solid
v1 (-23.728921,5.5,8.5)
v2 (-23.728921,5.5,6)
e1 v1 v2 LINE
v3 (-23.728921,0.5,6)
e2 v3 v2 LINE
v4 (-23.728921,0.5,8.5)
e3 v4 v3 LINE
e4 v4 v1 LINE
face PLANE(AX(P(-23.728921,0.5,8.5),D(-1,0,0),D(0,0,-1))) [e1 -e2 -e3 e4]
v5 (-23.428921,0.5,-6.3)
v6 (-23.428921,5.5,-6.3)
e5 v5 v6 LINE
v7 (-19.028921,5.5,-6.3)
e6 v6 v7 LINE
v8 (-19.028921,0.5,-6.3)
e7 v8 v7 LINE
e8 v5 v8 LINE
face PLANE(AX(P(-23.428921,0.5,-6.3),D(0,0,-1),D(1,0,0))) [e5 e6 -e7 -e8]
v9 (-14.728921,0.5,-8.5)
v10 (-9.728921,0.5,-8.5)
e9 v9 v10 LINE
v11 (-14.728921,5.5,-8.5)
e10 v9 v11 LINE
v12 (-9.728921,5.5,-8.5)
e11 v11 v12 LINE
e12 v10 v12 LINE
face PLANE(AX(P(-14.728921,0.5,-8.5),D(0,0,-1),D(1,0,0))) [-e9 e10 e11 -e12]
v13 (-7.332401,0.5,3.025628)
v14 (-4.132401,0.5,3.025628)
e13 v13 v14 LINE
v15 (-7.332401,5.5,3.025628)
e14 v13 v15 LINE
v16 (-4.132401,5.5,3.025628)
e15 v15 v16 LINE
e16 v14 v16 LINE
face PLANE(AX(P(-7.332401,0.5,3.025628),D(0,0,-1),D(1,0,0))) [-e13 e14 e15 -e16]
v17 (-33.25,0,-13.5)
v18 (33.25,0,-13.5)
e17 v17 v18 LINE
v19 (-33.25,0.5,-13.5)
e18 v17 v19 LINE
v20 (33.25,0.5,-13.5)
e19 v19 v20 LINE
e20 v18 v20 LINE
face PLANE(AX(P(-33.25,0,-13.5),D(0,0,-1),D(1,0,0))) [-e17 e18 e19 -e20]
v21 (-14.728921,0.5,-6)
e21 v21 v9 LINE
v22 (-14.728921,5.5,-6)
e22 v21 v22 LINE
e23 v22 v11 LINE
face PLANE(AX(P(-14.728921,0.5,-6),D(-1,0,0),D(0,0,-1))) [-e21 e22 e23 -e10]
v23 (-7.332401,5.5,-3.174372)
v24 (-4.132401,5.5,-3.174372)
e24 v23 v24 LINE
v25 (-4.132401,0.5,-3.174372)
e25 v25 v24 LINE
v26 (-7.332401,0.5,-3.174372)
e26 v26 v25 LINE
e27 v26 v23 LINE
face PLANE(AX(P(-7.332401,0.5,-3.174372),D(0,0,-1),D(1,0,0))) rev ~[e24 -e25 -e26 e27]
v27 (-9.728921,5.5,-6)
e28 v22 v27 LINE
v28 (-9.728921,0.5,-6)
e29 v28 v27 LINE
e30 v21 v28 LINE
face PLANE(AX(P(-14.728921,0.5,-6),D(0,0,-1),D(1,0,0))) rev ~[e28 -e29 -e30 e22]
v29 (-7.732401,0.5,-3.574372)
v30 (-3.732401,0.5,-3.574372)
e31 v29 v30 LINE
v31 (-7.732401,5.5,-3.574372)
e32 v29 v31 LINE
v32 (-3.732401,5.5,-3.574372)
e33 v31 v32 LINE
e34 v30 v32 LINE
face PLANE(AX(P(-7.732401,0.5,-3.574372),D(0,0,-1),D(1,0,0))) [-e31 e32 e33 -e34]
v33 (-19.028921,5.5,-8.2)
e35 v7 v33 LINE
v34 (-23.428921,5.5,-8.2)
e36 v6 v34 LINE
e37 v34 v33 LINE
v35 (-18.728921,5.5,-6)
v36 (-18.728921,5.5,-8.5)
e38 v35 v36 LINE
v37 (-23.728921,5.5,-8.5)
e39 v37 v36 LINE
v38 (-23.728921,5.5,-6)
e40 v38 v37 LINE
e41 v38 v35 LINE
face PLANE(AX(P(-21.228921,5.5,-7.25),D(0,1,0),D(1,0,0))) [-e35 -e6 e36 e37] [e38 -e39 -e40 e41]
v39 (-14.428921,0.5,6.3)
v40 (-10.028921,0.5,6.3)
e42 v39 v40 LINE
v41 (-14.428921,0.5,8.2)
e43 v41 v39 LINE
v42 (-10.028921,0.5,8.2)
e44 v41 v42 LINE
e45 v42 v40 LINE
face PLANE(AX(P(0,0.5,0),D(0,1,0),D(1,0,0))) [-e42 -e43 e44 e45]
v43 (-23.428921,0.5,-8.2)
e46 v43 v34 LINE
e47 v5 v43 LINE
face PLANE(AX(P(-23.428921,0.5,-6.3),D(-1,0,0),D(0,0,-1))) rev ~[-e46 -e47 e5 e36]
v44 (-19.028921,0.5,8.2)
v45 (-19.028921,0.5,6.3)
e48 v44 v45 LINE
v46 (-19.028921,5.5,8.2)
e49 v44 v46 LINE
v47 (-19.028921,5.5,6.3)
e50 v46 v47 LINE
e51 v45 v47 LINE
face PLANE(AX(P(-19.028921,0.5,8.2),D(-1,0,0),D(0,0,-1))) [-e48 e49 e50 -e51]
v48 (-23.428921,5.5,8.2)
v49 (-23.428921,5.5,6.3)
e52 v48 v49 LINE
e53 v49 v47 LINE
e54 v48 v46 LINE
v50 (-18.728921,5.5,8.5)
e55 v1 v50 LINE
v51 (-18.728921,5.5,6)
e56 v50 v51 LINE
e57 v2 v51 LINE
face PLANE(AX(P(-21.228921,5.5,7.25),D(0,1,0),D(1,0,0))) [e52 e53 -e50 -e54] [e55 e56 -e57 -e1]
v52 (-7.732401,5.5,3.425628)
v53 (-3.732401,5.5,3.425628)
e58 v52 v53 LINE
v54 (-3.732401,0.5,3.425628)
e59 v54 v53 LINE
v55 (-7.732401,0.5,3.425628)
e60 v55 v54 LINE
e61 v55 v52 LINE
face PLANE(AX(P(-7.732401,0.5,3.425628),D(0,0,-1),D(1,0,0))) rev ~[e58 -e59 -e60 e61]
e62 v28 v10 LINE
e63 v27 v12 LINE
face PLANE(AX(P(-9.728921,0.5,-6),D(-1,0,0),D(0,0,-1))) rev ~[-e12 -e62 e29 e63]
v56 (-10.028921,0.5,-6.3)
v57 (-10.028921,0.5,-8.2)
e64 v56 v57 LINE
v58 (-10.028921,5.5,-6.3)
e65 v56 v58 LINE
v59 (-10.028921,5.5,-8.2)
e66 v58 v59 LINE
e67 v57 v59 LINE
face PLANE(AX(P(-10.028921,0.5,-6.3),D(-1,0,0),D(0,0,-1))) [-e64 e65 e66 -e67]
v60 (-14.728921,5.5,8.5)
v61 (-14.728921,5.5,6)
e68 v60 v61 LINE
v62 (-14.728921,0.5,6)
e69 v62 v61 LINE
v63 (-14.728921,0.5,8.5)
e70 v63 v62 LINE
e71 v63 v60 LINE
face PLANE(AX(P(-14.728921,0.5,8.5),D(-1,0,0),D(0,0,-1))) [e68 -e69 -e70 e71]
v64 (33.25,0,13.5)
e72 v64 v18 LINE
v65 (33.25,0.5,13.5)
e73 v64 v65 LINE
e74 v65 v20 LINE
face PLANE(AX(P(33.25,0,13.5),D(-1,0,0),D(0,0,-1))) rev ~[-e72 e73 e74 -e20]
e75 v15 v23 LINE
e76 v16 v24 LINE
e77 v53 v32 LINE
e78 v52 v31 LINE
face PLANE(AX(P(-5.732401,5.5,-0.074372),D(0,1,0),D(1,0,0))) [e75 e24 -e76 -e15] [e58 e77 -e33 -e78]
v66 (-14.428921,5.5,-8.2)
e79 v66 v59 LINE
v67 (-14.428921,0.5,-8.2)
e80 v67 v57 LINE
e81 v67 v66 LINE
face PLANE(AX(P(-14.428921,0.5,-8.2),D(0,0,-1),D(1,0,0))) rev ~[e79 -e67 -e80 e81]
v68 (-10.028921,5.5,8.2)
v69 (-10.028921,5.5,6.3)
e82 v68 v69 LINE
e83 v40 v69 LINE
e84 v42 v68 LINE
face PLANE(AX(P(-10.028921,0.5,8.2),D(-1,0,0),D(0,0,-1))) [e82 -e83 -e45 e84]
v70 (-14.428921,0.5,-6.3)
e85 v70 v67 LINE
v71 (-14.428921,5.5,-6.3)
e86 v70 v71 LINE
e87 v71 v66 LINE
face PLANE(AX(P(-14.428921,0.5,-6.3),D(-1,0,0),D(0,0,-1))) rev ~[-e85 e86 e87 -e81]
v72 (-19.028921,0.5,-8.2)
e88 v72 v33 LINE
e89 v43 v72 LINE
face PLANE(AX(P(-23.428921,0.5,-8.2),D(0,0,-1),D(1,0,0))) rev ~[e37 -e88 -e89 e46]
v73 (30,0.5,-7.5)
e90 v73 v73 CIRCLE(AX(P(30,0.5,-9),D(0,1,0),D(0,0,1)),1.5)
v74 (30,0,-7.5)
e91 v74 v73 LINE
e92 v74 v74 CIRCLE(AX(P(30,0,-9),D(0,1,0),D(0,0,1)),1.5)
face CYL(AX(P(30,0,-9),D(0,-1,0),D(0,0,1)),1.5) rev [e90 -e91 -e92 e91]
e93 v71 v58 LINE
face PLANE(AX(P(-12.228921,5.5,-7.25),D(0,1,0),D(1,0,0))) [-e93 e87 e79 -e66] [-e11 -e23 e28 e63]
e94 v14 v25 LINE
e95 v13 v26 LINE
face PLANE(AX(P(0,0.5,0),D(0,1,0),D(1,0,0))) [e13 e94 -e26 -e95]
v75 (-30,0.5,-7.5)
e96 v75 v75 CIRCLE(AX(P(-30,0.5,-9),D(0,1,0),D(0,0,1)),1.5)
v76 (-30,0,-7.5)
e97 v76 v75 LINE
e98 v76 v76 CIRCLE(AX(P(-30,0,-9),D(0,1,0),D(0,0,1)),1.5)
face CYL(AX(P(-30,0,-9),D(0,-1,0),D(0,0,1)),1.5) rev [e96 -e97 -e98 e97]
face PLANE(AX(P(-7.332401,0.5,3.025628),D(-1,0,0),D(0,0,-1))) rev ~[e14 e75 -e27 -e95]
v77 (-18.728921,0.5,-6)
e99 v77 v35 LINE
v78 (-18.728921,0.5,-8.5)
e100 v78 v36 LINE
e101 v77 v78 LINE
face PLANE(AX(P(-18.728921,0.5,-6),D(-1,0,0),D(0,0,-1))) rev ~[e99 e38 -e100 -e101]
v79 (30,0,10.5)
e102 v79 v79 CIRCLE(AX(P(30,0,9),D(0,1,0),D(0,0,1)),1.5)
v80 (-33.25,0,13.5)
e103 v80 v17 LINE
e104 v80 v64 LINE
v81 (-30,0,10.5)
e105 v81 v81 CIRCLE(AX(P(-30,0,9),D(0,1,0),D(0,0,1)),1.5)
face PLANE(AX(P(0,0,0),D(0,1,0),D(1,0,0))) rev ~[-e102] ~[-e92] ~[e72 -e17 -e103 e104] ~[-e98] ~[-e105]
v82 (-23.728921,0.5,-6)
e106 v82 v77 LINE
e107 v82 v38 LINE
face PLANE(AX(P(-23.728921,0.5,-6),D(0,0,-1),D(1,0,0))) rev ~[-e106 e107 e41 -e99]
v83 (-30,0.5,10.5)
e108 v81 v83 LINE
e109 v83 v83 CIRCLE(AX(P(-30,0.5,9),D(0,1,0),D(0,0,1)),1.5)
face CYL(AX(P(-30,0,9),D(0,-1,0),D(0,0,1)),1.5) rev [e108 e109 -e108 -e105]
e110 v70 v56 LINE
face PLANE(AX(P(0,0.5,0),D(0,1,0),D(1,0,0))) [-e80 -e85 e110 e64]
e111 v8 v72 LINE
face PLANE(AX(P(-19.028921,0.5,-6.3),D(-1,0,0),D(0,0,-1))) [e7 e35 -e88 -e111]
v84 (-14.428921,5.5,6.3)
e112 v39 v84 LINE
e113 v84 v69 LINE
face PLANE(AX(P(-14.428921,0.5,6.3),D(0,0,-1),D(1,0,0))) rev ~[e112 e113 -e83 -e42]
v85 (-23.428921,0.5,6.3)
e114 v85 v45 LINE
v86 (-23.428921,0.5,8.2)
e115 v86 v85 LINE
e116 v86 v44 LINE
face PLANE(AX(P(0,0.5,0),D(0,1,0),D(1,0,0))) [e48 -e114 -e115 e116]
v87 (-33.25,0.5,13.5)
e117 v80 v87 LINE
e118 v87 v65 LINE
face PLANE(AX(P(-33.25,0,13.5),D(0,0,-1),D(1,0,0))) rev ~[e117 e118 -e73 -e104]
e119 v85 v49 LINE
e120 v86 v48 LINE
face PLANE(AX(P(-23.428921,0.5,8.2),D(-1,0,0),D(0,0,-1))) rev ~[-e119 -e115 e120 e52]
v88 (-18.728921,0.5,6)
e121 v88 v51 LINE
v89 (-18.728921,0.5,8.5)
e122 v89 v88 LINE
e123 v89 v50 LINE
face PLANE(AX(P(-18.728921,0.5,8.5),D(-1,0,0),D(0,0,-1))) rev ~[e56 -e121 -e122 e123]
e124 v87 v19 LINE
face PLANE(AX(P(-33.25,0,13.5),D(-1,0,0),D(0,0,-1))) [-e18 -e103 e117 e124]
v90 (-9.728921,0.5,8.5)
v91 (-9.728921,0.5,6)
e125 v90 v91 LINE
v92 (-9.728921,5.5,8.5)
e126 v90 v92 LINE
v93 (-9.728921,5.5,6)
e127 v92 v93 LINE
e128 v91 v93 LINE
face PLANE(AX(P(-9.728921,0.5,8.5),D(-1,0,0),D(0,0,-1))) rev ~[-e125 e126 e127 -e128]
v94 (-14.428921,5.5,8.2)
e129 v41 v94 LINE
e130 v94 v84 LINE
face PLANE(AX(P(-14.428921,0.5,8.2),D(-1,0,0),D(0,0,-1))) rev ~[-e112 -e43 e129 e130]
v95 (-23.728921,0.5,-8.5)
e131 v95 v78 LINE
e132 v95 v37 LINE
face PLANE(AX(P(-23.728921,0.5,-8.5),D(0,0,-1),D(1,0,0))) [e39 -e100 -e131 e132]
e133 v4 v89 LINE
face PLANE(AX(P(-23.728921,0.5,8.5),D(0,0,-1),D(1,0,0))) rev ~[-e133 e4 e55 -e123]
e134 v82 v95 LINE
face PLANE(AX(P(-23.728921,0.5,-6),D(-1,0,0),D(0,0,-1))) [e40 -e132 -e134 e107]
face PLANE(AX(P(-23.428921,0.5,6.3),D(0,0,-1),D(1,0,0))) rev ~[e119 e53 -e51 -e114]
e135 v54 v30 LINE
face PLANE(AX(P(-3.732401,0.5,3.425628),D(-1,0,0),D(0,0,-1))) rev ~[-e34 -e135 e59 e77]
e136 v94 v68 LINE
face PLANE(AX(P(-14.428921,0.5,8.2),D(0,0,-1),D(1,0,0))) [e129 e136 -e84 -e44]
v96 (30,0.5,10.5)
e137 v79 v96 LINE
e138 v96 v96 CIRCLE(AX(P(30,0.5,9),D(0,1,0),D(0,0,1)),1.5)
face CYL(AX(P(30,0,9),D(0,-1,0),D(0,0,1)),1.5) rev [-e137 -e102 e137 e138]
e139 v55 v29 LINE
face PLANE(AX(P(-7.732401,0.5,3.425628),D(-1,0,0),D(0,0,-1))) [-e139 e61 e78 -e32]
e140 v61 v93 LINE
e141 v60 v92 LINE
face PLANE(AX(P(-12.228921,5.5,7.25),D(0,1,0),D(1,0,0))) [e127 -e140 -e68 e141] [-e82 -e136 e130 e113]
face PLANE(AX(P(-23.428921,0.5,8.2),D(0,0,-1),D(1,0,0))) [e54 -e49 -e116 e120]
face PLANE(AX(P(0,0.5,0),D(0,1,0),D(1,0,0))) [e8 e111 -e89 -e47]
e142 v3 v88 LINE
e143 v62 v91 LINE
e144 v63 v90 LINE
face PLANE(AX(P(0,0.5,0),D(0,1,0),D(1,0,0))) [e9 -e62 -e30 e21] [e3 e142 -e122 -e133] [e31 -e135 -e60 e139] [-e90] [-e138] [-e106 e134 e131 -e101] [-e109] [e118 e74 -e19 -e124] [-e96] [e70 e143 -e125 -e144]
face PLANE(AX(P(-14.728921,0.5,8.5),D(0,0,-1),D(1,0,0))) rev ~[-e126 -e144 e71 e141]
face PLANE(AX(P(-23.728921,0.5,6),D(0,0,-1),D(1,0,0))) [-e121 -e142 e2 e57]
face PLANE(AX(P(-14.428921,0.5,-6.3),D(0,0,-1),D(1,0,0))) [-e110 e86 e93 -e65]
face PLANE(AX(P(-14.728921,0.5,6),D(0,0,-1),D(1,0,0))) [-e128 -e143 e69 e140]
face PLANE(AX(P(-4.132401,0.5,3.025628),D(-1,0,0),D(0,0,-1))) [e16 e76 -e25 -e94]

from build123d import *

# Parameters (mm, degrees)
SKETCH1_W           = 66.5
SKETCH1_H           = 27
SKETCH1_R           = 1.5
BOSS_EXTRUDE1_DEPTH = 0.5
SKETCH2_W           = 5
SKETCH2_H           = 2.5
SKETCH2_W_2         = 4.4
SKETCH2_H_2         = 1.9
BOSS_EXTRUDE2_DEPTH = 5
SKETCH4_W           = 4
SKETCH4_H           = 7
SKETCH4_W_2         = 3.2
SKETCH4_H_2         = 6.2
BOSS_EXTRUDE3_DEPTH = 5


with BuildPart() as part:
    # Sketch1 → Boss-Extrude1 (new body)
    with BuildSketch(Plane(origin=(0, 0, 0), x_dir=(1, 0, 0), z_dir=(0, 1, 0))):
        Rectangle(SKETCH1_W, SKETCH1_H)
        with Locations(Location((-30, 9, 0), (0, 0, 270))):
            Circle(SKETCH1_R, mode=Mode.SUBTRACT)
        with Locations(Location((-30, -9, 0), (0, 0, 270))):
            Circle(SKETCH1_R, mode=Mode.SUBTRACT)
        with Locations(Location((30, 9, 0), (0, 0, 270))):
            Circle(SKETCH1_R, mode=Mode.SUBTRACT)
        with Locations(Location((30, -9, 0), (0, 0, 270))):
            Circle(SKETCH1_R, mode=Mode.SUBTRACT)
    extrude(amount=BOSS_EXTRUDE1_DEPTH)

    # Sketch2 → Boss-Extrude2 (add)
    # profile 1 of 4: a face of its own
    with BuildSketch(Plane(origin=(0, 0.5, 0), x_dir=(1, 0, 0), z_dir=(0, 1, 0))):
        with Locations((-21.228920611, 7.25)):
            Rectangle(SKETCH2_W, SKETCH2_H)
        with Locations((-21.228920611, 7.25)):
            Rectangle(SKETCH2_W_2, SKETCH2_H_2, mode=Mode.SUBTRACT)
    # profile 2 of 4: a face of its own
    with BuildSketch(Plane(origin=(0, 0.5, 0), x_dir=(1, 0, 0), z_dir=(0, 1, 0))):
        with Locations((-12.228920611, 7.25)):
            Rectangle(SKETCH2_W, SKETCH2_H)
        with Locations((-12.228920611, 7.25)):
            Rectangle(SKETCH2_W_2, SKETCH2_H_2, mode=Mode.SUBTRACT)
    # profile 3 of 4: a face of its own
    with BuildSketch(Plane(origin=(0, 0.5, 0), x_dir=(1, 0, 0), z_dir=(0, 1, 0))):
        with Locations((-12.228920611, -7.25)):
            Rectangle(SKETCH2_W, SKETCH2_H)
        with Locations((-12.228920611, -7.25)):
            Rectangle(SKETCH2_W_2, SKETCH2_H_2, mode=Mode.SUBTRACT)
    # profile 4 of 4: a face of its own
    with BuildSketch(Plane(origin=(0, 0.5, 0), x_dir=(1, 0, 0), z_dir=(0, 1, 0))):
        with Locations((-21.228920611, -7.25)):
            Rectangle(SKETCH2_W, SKETCH2_H)
        with Locations((-21.228920611, -7.25)):
            Rectangle(SKETCH2_W_2, SKETCH2_H_2, mode=Mode.SUBTRACT)
    extrude(amount=BOSS_EXTRUDE2_DEPTH)

    # Sketch4 → Boss-Extrude3 (add)
    with BuildSketch(Plane(origin=(0, 0.5, 0), x_dir=(1, 0, 0), z_dir=(0, 1, 0))):
        with Locations((-5.732400649, 0.074372007)):
            Rectangle(SKETCH4_W, SKETCH4_H)
        with Locations((-5.732400649, 0.074372007)):
            Rectangle(SKETCH4_W_2, SKETCH4_H_2, mode=Mode.SUBTRACT)
    extrude(amount=BOSS_EXTRUDE3_DEPTH)


solid = part.part
